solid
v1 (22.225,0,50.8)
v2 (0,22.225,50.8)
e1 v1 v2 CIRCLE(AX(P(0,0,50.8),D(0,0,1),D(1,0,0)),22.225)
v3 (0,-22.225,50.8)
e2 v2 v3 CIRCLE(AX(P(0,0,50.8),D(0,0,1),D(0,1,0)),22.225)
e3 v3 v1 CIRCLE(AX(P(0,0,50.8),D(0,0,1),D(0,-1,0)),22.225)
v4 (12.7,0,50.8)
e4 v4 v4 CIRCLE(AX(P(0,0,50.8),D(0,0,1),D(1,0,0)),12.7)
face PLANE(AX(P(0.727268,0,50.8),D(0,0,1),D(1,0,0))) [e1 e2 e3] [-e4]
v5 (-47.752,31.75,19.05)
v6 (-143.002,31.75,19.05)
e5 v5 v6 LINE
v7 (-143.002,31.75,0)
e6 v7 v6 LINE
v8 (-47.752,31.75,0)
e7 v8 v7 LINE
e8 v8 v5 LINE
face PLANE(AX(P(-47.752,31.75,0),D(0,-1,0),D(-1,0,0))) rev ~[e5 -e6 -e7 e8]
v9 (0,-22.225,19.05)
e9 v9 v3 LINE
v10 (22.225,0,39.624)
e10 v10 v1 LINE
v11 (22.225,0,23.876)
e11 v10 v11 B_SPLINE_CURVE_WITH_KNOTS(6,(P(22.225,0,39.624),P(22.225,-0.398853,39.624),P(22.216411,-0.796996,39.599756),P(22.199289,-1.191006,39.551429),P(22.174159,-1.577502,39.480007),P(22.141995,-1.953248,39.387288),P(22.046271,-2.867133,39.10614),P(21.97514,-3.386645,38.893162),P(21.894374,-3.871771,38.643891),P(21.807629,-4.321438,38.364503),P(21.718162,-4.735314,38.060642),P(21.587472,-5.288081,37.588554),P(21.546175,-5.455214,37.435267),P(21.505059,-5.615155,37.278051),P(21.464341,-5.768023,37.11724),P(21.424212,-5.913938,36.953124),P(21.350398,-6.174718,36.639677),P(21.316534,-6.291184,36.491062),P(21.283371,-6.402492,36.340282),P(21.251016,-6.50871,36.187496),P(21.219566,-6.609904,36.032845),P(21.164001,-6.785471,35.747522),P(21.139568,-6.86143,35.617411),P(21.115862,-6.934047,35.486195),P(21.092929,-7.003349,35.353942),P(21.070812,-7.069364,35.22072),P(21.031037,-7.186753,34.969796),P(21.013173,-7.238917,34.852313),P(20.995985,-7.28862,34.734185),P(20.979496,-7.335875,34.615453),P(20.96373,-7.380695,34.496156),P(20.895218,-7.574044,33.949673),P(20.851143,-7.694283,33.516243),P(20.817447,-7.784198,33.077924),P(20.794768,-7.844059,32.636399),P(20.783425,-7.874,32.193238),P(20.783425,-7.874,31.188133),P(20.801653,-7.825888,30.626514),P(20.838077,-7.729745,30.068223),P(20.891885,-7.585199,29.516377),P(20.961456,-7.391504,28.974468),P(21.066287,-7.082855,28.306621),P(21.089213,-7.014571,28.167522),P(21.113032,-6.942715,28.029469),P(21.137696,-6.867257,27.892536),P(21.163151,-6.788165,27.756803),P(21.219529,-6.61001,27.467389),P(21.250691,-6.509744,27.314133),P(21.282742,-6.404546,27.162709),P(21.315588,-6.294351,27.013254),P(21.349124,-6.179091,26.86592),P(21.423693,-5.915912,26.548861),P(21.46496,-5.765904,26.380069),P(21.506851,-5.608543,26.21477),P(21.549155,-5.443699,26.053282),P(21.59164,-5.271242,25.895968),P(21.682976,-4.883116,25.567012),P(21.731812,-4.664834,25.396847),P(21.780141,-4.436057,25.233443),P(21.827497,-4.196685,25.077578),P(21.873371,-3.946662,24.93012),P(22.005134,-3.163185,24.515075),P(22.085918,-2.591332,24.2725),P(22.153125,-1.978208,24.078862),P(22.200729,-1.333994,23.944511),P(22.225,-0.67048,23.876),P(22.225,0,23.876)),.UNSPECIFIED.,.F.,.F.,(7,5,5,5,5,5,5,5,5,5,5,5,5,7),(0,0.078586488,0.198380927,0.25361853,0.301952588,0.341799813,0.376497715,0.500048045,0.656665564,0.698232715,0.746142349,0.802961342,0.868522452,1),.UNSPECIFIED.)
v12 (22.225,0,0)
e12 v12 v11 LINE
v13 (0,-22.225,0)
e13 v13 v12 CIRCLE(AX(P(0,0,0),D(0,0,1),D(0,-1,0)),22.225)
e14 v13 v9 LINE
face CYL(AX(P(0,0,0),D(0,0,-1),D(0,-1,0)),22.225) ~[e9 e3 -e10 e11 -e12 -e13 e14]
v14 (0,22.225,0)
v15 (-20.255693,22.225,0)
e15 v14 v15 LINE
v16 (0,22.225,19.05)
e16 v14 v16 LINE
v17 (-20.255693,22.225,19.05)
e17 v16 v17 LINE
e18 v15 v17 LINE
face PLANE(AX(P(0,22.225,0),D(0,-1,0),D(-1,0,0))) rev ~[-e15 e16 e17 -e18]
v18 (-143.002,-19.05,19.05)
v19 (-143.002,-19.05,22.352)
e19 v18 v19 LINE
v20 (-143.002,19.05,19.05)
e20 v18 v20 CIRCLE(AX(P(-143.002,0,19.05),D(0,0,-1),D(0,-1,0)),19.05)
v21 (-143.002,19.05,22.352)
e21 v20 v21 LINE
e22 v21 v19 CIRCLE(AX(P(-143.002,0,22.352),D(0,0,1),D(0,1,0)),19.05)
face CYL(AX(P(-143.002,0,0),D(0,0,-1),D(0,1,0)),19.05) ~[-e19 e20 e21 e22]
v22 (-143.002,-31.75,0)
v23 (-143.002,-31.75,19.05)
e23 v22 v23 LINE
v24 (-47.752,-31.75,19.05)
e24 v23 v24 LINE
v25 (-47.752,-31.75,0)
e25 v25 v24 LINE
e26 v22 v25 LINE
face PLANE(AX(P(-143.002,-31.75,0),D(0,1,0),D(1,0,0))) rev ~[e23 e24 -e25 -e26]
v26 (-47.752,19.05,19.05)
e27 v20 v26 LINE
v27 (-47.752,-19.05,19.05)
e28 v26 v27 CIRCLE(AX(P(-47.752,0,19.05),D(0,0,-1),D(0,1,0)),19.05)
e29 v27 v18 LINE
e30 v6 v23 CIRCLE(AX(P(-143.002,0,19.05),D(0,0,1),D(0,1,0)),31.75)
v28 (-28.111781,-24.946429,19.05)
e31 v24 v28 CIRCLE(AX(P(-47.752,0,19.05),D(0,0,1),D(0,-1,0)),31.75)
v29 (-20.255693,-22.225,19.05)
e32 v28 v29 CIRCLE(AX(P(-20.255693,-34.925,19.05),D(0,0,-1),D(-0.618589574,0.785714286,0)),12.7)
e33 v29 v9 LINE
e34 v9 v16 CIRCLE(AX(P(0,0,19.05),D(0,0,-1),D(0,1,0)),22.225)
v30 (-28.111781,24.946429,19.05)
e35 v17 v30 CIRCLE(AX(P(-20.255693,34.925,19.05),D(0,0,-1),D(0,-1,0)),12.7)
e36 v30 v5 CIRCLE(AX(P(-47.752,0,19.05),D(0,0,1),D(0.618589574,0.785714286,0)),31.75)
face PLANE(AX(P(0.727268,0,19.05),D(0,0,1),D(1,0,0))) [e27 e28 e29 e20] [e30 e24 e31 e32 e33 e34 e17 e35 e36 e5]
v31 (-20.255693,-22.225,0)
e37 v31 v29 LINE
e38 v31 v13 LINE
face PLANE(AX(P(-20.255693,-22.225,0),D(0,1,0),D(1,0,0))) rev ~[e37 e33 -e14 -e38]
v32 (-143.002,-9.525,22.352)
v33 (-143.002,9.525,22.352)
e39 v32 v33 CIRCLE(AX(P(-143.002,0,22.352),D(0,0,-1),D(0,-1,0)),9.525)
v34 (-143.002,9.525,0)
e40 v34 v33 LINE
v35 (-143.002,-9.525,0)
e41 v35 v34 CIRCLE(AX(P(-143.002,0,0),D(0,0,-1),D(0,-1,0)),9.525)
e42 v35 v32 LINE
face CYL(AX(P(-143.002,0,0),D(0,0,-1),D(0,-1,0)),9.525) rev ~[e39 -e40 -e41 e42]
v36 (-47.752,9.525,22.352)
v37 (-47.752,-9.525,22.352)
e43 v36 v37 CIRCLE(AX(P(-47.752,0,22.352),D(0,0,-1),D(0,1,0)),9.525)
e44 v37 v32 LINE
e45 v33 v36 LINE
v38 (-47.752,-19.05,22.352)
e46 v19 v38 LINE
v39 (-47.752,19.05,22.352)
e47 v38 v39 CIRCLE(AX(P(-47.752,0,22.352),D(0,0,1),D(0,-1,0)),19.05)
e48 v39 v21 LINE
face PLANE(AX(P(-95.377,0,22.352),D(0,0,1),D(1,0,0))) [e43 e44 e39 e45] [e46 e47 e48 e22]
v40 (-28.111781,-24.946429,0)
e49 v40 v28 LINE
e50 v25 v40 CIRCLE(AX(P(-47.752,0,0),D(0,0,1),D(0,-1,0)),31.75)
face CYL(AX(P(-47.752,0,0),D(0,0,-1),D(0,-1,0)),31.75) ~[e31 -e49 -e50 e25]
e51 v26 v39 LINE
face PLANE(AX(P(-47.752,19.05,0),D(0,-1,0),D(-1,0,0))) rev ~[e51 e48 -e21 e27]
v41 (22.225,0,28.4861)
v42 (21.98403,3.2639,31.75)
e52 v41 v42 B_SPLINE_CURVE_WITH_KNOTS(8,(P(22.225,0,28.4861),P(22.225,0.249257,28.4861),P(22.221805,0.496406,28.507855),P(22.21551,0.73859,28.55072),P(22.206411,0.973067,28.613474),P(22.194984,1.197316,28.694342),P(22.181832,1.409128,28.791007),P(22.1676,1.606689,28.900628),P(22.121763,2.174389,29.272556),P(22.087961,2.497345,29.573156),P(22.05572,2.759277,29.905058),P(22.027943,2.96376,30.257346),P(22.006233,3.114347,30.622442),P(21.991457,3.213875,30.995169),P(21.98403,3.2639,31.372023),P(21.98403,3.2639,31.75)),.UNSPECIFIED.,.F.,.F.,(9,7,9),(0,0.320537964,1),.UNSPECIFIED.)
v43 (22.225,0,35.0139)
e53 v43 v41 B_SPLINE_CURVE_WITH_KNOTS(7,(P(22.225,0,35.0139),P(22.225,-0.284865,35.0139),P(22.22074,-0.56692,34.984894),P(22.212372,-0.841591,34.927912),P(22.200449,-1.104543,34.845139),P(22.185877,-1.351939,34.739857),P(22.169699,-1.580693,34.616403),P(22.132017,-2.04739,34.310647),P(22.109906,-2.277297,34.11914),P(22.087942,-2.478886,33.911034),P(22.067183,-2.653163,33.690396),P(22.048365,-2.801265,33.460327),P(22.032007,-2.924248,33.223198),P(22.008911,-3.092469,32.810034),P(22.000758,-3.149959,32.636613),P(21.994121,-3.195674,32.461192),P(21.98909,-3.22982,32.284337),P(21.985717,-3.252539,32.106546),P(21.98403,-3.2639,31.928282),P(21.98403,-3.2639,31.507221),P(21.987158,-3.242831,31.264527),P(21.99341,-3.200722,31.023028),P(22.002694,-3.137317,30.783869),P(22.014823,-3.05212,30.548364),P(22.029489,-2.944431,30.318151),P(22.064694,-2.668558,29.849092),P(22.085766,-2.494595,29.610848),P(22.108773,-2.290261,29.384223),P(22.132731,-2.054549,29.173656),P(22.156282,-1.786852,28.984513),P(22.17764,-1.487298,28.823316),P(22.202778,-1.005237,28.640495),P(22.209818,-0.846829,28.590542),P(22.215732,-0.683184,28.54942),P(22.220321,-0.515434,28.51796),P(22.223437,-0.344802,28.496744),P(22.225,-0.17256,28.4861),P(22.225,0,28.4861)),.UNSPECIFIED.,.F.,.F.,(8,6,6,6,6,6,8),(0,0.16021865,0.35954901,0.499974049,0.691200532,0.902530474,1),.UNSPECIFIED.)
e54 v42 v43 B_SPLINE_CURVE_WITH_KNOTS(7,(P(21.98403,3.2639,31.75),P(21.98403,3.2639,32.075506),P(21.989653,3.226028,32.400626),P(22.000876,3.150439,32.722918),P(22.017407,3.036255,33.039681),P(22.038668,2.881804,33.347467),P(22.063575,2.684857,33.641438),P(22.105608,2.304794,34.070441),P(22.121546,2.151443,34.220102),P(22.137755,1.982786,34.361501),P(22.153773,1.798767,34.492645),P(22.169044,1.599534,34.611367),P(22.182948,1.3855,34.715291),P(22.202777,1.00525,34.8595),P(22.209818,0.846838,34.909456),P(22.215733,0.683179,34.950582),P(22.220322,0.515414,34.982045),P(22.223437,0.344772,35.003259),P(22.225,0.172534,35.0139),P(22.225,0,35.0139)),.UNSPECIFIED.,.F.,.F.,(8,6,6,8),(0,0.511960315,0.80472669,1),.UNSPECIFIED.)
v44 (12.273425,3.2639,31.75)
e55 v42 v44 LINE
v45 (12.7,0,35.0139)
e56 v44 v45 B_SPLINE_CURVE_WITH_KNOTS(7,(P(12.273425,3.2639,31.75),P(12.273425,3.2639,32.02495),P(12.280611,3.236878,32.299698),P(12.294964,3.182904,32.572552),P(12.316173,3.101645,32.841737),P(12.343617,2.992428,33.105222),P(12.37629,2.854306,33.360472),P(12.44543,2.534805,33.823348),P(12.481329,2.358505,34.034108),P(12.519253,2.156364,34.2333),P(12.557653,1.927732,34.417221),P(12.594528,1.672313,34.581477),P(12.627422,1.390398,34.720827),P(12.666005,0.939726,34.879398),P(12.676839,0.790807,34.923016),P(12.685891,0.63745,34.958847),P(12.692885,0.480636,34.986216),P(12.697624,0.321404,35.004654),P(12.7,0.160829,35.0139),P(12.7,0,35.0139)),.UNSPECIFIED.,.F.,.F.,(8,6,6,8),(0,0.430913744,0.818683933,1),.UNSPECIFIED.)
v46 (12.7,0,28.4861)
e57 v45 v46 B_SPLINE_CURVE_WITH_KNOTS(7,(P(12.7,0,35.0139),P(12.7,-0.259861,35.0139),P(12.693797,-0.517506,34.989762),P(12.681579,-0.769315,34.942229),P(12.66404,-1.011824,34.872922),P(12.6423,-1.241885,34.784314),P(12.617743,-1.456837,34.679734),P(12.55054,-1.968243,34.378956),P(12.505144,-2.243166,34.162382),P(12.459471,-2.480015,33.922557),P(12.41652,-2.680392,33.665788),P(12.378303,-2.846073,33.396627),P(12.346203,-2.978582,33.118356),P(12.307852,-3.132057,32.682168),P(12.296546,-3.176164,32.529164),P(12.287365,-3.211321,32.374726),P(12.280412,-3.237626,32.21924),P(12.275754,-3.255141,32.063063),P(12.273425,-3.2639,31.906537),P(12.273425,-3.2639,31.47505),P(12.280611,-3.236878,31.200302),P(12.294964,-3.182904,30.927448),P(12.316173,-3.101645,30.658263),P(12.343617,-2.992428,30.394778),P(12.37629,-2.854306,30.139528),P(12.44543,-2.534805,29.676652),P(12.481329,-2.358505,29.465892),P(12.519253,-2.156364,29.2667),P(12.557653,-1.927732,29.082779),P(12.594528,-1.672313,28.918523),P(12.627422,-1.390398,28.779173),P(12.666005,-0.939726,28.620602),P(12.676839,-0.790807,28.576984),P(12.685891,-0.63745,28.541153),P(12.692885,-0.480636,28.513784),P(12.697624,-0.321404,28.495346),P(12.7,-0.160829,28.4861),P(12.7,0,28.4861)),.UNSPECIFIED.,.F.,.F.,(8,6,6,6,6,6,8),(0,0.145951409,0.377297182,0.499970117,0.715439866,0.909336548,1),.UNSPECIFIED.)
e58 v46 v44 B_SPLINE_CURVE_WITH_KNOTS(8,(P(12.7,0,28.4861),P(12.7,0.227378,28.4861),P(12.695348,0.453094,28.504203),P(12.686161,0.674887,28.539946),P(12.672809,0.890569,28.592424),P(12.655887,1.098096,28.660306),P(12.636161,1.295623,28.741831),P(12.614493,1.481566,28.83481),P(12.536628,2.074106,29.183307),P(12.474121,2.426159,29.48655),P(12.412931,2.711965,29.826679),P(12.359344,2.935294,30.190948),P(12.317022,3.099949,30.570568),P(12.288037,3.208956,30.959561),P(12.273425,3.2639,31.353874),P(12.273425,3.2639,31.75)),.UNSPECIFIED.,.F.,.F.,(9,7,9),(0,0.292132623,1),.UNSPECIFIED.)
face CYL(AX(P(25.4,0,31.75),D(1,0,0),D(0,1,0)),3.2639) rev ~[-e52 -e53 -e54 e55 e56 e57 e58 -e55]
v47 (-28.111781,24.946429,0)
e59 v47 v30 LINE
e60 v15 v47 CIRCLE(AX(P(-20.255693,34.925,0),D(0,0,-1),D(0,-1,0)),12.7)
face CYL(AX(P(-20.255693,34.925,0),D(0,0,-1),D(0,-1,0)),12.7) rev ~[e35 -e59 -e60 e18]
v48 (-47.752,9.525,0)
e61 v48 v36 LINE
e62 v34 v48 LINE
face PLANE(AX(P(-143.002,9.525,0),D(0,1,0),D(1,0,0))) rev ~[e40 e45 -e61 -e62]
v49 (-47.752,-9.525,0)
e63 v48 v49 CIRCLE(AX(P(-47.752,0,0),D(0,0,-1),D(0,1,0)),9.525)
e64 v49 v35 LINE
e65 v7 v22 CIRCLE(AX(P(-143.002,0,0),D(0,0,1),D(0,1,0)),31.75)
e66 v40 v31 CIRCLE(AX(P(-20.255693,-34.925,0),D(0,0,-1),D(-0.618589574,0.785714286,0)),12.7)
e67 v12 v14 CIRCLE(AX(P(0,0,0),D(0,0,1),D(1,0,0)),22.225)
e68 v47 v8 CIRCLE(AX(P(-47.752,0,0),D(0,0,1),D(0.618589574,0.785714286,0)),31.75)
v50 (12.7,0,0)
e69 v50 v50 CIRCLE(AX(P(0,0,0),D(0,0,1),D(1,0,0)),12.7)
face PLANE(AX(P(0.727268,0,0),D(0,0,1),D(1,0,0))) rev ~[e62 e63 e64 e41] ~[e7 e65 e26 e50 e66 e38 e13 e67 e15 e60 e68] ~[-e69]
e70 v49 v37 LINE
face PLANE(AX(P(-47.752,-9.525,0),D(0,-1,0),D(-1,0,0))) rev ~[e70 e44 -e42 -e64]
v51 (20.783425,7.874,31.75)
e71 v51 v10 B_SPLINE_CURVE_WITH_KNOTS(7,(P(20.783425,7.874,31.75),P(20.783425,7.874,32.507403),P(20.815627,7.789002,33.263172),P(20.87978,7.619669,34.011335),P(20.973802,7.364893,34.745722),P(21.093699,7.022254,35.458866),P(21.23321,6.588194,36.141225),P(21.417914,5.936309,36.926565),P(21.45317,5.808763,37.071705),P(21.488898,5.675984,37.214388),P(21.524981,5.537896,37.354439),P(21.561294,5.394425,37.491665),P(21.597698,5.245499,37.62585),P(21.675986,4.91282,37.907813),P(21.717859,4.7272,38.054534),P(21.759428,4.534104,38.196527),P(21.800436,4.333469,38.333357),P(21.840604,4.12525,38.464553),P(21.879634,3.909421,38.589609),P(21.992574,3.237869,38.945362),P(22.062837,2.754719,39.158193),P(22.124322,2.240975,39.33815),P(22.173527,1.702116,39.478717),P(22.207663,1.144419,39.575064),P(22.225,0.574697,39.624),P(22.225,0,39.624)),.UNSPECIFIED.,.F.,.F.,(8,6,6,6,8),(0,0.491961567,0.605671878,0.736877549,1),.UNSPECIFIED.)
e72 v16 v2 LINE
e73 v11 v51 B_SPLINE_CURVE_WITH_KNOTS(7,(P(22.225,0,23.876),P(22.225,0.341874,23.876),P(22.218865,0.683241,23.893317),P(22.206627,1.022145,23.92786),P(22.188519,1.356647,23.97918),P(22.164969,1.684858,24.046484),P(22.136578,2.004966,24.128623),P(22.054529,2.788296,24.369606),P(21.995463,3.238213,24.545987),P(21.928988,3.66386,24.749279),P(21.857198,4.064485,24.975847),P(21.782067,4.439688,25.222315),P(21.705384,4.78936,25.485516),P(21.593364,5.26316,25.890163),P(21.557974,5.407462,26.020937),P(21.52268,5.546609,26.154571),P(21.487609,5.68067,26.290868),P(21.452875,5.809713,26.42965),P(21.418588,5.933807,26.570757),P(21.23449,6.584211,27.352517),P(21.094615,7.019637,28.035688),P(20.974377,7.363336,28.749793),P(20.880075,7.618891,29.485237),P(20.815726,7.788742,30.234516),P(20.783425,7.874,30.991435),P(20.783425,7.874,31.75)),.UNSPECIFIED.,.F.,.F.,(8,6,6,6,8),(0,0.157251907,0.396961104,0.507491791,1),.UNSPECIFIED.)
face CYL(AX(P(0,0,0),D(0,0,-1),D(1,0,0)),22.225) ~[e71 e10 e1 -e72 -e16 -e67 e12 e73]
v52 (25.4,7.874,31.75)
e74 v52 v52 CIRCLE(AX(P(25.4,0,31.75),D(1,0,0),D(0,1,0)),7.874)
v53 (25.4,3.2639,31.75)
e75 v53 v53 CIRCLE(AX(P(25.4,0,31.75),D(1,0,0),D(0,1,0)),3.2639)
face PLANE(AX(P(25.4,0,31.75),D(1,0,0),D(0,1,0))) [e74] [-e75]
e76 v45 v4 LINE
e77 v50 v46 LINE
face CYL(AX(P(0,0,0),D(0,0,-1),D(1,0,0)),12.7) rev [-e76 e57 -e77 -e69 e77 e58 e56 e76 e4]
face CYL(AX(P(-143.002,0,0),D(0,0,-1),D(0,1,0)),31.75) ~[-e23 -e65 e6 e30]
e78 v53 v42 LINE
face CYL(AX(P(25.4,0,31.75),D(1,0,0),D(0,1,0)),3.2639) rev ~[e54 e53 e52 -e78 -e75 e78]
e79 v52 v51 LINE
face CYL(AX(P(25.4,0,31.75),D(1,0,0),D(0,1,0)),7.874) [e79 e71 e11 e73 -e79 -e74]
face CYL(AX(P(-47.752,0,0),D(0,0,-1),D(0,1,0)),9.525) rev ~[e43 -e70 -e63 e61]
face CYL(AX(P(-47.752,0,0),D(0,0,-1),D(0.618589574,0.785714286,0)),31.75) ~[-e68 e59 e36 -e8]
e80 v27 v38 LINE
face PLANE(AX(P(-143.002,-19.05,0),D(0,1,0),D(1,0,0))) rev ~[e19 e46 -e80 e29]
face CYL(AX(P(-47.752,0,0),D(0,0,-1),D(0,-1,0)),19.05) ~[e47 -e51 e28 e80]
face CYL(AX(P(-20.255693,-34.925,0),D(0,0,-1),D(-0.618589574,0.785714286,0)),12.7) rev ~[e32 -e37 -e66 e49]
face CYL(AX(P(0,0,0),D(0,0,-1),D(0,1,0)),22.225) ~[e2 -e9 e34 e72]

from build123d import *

# Parameters (mm, degrees)
F0_R     = 12.7
F1_DEPTH = 50.8
F2_DEPTH = 19.05
F3_DEPTH = 22.352
F5_R     = 7.874
F5_R_2   = 3.2639
F7_DEPTH = 19.05


with BuildPart() as f1:
    # F0 (on Top) → F1 (new body)
    with BuildSketch(Plane.XY):
        with BuildLine():
            ThreePointArc((0, -22.225), (15.7154482119, -15.7154482119), (22.225, 0))
            ThreePointArc((22.225, 0), (15.7154482119, 15.7154482119), (0, 22.225))
            ThreePointArc((0, 22.225), (-22.225, 0), (0, -22.225))
        make_face()
        Circle(F0_R, mode=Mode.SUBTRACT)
    extrude(amount=F1_DEPTH)

    # F0 (on Top) → F2 (join)
    with BuildSketch(Plane.XY):
        with BuildLine():
            ThreePointArc((0, -22.225), (15.7154482119, -15.7154482119), (22.225, 0))
            ThreePointArc((22.225, 0), (15.7154482119, 15.7154482119), (0, 22.225))
            ThreePointArc((0, 22.225), (-22.225, 0), (0, -22.225))
        make_face()
        Circle(F0_R, mode=Mode.SUBTRACT)
        with BuildLine():
            ThreePointArc((0, -22.225), (-22.225, 0), (0, 22.225))
            Line((0, 22.225), (-20.2556934298, 22.225))
            ThreePointArc((-20.2556934298, 22.225), (-24.4127442388, 22.924627982), (-28.1117810213, 24.9464285714))
            ThreePointArc((-28.1117810213, 24.9464285714), (-37.3593729775, 30.0009300451), (-47.752, 31.75))
            Line((-47.752, 31.75), (-143.002, 31.75))
            ThreePointArc((-143.002, 31.75), (-174.752, 0), (-143.002, -31.75))
            Line((-143.002, -31.75), (-47.752, -31.75))
            ThreePointArc((-47.752, -31.75), (-37.3593729775, -30.0009300451), (-28.1117810213, -24.9464285714))
            ThreePointArc((-28.1117810213, -24.9464285714), (-24.4127442388, -22.924627982), (-20.2556934298, -22.225))
            Line((-20.2556934298, -22.225), (0, -22.225))
        make_face()
        with BuildLine():
            Line((-143.002, 19.05), (-47.752, 19.05))
            ThreePointArc((-47.752, 19.05), (-28.702, 0), (-47.752, -19.05))
            Line((-47.752, -19.05), (-143.002, -19.05))
            ThreePointArc((-143.002, -19.05), (-162.052, 0), (-143.002, 19.05))
        make_face(mode=Mode.SUBTRACT)
    extrude(amount=F2_DEPTH)

    # F0 (on Top) → F3 (join)
    with BuildSketch(Plane.XY):
        with BuildLine():
            ThreePointArc((-47.752, -19.05), (-28.702, 0), (-47.752, 19.05))
            Line((-47.752, 19.05), (-143.002, 19.05))
            ThreePointArc((-143.002, 19.05), (-162.052, 0), (-143.002, -19.05))
            Line((-143.002, -19.05), (-47.752, -19.05))
        make_face()
        with BuildLine():
            Line((-143.002, 9.525), (-47.752, 9.525))
            ThreePointArc((-47.752, 9.525), (-38.227, 0), (-47.752, -9.525))
            Line((-47.752, -9.525), (-143.002, -9.525))
            ThreePointArc((-143.002, -9.525), (-152.527, 0), (-143.002, 9.525))
        make_face(mode=Mode.SUBTRACT)
    extrude(amount=F3_DEPTH)

    # F5 (on offset) → F6 (join, up to the next surface of F1)
    with BuildSketch(Plane.YZ.offset(25.4)):
        with Locations((0, 31.75)):
            Circle(F5_R)
        with Locations((0, 31.75)):
            Circle(F5_R_2, mode=Mode.SUBTRACT)
    extrude(until=Until.NEXT, dir=(-1, 0, 0))

    # F5 (on offset) → F7 (cut)
    with BuildSketch(Plane.YZ.offset(25.4)):
        with Locations((0, 31.75)):
            Circle(F5_R_2)
    extrude(amount=-F7_DEPTH, mode=Mode.SUBTRACT)


solid = f1.part
